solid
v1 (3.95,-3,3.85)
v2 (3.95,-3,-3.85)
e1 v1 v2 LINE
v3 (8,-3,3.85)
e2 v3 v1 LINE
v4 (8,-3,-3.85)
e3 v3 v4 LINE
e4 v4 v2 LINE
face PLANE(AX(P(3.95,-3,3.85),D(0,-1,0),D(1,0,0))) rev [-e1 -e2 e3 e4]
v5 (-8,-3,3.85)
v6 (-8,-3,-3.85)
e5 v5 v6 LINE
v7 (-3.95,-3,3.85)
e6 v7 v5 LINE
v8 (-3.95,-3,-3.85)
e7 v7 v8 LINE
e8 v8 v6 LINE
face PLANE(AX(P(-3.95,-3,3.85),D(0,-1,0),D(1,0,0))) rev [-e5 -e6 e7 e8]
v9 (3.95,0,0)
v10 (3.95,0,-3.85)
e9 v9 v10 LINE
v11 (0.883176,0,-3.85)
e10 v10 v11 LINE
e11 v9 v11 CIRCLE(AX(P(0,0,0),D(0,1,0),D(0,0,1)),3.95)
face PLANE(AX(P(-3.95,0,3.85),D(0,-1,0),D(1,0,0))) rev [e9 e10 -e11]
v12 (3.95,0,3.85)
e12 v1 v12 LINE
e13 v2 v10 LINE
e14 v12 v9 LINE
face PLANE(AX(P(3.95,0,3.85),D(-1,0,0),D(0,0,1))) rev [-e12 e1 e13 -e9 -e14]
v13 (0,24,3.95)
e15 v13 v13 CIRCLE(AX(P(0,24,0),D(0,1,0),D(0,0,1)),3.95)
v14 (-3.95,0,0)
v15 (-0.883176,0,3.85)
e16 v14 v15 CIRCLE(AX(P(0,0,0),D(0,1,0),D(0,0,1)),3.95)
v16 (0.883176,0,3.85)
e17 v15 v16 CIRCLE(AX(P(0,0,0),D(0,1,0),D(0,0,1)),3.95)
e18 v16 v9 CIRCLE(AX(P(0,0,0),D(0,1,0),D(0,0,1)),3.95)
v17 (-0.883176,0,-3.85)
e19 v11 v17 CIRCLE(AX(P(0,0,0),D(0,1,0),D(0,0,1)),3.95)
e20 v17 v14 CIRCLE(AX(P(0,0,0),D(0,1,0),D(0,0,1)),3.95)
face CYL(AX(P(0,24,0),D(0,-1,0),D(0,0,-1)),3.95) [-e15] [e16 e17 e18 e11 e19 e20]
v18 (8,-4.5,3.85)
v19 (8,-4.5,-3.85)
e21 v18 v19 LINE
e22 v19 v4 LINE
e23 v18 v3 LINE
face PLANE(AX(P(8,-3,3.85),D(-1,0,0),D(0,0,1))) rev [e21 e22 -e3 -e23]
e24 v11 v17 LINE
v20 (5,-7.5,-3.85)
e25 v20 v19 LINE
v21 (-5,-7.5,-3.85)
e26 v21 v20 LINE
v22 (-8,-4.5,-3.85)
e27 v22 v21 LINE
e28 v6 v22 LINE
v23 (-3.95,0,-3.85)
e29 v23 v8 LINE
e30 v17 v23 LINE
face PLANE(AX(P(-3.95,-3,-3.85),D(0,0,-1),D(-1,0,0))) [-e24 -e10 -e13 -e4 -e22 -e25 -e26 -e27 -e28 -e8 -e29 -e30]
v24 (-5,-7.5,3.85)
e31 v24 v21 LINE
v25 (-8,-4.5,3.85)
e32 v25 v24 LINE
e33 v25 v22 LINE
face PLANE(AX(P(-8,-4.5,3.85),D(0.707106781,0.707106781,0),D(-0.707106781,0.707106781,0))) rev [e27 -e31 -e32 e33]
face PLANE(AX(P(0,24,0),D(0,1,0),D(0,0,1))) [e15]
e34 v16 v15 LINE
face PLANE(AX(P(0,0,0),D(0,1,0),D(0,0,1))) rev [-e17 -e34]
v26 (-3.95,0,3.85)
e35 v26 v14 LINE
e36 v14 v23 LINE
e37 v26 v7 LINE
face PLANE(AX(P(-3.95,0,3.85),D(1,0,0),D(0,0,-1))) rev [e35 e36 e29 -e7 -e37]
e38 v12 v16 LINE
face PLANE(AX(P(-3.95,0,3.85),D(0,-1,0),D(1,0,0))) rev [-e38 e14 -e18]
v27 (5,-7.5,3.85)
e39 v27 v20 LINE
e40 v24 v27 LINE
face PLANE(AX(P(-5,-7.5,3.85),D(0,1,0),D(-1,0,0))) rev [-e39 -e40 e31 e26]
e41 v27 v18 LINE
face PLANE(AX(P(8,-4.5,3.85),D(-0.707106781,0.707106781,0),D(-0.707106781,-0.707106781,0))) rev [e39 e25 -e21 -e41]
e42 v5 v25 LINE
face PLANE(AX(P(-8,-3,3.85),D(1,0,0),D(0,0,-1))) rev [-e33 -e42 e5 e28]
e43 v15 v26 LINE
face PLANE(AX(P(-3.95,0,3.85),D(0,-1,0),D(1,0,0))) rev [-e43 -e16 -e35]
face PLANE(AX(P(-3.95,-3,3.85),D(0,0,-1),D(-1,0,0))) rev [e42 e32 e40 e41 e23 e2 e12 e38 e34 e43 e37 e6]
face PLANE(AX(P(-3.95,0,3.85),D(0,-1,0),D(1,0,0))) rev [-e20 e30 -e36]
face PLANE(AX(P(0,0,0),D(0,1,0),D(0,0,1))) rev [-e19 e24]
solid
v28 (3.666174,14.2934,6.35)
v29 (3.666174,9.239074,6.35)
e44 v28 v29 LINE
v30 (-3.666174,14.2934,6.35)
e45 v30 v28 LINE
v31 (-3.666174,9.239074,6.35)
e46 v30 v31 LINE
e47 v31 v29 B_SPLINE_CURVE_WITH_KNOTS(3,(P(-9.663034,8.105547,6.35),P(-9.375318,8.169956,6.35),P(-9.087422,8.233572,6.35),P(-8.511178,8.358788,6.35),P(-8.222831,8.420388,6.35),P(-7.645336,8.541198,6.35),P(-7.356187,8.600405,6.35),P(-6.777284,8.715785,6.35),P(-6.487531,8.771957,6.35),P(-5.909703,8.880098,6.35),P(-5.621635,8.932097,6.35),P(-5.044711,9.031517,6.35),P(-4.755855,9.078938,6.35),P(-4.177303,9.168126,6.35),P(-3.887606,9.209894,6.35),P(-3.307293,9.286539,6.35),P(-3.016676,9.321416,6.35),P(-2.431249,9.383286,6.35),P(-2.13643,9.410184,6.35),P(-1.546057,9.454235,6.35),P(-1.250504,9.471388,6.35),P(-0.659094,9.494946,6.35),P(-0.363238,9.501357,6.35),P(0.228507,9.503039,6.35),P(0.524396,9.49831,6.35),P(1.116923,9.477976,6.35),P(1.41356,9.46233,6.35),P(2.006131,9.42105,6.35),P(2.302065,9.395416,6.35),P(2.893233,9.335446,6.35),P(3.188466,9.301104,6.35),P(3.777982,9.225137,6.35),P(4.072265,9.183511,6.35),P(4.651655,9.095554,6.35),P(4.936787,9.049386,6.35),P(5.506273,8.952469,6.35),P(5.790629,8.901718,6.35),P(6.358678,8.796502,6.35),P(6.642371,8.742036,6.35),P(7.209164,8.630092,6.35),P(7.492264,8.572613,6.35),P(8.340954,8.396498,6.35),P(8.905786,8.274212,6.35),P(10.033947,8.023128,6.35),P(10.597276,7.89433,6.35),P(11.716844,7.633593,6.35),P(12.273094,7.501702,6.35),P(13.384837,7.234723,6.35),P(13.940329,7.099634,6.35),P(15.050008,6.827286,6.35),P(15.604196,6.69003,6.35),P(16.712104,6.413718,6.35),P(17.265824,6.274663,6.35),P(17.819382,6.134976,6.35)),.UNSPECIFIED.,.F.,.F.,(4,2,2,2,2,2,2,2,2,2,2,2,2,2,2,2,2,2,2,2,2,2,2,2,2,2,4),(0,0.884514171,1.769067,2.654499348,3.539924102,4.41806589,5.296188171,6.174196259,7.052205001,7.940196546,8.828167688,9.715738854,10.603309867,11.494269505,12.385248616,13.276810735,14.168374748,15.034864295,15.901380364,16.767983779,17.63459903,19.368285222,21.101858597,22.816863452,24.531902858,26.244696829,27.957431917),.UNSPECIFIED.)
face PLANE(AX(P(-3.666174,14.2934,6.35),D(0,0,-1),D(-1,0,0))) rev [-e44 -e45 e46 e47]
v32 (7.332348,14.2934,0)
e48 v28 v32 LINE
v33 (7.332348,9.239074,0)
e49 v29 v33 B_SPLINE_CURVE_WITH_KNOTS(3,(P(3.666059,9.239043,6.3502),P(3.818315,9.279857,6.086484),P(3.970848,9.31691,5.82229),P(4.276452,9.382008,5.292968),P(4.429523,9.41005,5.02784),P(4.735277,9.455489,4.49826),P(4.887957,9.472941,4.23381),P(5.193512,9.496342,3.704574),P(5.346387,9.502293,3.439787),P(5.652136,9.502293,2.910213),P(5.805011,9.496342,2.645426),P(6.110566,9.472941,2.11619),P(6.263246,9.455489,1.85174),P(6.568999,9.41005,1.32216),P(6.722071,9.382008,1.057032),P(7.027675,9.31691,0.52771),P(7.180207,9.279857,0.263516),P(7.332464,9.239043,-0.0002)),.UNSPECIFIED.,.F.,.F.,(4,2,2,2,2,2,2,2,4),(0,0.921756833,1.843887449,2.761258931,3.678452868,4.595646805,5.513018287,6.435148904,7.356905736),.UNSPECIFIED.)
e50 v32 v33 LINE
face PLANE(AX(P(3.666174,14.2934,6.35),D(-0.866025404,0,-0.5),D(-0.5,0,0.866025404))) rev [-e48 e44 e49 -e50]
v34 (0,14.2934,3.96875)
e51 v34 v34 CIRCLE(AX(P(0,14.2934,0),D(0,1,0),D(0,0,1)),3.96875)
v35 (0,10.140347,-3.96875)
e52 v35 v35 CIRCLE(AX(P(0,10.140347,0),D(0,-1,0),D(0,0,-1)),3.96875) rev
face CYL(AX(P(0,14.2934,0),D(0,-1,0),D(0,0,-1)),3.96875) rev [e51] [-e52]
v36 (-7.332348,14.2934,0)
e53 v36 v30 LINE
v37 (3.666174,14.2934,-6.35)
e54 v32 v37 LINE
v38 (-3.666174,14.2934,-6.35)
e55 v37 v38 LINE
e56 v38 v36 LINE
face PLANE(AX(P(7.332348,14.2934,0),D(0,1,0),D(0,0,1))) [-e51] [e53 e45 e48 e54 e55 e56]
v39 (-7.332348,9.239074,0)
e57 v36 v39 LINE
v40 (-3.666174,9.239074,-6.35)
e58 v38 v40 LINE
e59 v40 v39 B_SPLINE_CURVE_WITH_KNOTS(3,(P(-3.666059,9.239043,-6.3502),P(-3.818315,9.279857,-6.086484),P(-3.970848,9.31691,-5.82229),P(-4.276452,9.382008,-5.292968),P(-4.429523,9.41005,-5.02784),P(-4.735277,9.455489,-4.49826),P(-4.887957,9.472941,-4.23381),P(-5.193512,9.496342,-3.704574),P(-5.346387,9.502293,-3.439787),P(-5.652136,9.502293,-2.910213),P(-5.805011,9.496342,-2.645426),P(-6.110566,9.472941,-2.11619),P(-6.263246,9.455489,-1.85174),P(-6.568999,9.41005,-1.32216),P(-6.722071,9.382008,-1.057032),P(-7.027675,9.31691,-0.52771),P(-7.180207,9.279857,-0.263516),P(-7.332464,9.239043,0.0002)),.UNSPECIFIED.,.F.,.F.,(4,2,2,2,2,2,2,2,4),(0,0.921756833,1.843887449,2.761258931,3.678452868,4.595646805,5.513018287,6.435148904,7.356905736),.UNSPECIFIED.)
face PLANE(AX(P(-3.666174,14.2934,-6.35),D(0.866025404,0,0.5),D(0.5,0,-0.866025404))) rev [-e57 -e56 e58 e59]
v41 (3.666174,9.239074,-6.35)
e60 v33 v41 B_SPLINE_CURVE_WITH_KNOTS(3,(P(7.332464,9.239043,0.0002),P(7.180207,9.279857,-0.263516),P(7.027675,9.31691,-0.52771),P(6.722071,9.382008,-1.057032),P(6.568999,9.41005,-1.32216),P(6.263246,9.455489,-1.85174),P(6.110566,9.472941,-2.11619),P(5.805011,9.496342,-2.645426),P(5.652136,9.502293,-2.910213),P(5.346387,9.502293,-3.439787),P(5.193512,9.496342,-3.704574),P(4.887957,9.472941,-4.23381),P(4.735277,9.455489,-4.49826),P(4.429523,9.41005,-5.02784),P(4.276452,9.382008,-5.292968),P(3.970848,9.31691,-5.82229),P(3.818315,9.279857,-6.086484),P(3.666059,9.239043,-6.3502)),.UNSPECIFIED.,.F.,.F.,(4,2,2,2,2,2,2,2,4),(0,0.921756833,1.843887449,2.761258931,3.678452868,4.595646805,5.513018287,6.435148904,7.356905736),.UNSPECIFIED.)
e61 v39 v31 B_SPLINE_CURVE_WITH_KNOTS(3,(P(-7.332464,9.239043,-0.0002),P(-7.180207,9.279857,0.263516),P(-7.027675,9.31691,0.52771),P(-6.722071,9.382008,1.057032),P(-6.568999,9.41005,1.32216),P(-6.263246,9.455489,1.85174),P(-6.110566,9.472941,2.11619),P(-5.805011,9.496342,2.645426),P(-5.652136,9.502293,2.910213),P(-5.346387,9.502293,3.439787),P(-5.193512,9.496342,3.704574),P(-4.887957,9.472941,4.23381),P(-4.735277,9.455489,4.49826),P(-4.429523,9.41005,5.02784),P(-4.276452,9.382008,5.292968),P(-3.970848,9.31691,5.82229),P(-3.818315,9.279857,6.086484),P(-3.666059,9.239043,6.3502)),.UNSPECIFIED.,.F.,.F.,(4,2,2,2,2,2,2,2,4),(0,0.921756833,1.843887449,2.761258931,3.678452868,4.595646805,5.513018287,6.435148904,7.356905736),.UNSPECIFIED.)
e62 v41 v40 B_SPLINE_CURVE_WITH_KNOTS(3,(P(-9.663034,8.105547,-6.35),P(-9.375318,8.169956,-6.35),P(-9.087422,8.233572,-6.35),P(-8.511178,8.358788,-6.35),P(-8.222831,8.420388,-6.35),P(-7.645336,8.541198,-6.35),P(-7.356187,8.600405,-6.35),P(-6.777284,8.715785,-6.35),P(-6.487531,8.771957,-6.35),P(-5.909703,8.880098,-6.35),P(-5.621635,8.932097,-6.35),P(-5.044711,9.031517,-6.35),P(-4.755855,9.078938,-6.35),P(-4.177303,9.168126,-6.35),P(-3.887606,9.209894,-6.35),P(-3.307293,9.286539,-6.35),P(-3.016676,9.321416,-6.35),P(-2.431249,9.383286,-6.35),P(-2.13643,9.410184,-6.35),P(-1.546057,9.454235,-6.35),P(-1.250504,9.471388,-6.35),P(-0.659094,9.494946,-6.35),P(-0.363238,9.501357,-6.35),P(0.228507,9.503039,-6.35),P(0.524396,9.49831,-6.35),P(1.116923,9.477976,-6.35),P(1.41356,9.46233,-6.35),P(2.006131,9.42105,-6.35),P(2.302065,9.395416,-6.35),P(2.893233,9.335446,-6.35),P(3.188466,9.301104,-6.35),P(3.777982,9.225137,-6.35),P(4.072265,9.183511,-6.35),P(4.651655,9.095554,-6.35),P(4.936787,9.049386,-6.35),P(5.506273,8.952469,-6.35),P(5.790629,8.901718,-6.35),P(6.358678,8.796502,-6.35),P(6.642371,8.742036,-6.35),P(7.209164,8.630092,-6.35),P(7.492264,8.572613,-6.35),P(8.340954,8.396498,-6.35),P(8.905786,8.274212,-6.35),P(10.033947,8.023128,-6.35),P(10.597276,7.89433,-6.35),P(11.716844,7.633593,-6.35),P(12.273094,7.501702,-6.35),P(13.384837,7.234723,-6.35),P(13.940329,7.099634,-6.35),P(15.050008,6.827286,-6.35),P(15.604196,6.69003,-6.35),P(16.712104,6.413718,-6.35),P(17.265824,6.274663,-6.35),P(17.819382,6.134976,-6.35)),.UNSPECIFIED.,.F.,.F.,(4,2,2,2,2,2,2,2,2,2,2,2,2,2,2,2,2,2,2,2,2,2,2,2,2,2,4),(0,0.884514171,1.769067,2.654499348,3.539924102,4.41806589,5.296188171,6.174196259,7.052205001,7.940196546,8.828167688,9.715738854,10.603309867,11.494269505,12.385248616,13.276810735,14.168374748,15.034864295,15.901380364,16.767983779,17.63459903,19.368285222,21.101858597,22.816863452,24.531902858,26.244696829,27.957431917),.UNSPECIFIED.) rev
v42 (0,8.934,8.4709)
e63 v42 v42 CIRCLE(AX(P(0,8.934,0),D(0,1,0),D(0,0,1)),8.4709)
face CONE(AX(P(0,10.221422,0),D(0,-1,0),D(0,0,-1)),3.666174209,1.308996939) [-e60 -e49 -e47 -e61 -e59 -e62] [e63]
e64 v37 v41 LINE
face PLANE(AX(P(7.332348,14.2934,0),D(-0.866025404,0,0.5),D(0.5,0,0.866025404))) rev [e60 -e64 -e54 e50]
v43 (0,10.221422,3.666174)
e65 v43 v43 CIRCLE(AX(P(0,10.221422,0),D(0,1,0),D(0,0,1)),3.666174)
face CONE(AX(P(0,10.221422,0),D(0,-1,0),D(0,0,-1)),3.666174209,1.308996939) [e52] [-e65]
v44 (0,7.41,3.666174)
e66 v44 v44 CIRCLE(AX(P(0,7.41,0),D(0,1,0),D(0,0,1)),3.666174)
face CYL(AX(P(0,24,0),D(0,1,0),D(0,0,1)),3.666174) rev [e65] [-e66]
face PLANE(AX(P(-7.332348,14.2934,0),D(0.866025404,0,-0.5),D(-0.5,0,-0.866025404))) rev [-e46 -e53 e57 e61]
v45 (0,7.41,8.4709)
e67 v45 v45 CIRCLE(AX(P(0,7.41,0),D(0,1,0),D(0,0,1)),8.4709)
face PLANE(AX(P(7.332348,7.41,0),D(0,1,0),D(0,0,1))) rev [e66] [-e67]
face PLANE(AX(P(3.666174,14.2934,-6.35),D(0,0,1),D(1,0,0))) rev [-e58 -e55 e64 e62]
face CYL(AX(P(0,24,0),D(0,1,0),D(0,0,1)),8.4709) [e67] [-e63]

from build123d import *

# Parameters (mm, degrees)
SKETCH1_R           = 3.95
BOSS_EXTRUDE1_DEPTH = 24
BOSS_EXTRUDE2_DEPTH = 3.85
BOSS_EXTRUDE3_START = 7.41
SKETCH8_R           = 3.96875
BOSS_EXTRUDE3_DEPTH = 6.8834


with BuildPart() as part:
    # Sketch1 → Boss-Extrude1 (new body)
    with BuildSketch(Plane(origin=(0, 0, 0), x_dir=(1, 0, 0), z_dir=(0, 1, 0))):
        with Locations(Location((0, 0, 0), (0, 0, 270))):
            Circle(SKETCH1_R)
    extrude(amount=BOSS_EXTRUDE1_DEPTH)

    # Sketch5 → Boss-Extrude2 (add, symmetric)
    with BuildSketch(Plane.XY):
        Polygon((-3.949999974, 0), (3.949999974, 0), (3.949999974, -3), (8, -3), (8, -4.5), (5, -7.5), (-5, -7.5), (-8, -4.5), (-8, -3), (-3.949999974, -3), align=None)
    extrude(amount=BOSS_EXTRUDE2_DEPTH, both=True)


with BuildPart() as body_2:
    # Sketch8 → Boss-Extrude3 (new body)
    with BuildSketch(Plane(origin=(0, 0, 0), x_dir=(1, 0, 0), z_dir=(0, 1, 0)).offset(BOSS_EXTRUDE3_START)):
        Polygon((7.332348419, 0), (3.666174209, 6.35), (-3.666174209, 6.35), (-7.332348419, 0), (-3.666174209, -6.35), (3.666174209, -6.35), align=None)
        with Locations(Location((0, 0, 0), (0, 0, 270))):
            Circle(SKETCH8_R, mode=Mode.SUBTRACT)
    extrude(amount=BOSS_EXTRUDE3_DEPTH)

    # Sketch10 → Revolve1 (revolve)
    with BuildSketch(Plane.XY, mode=Mode.PRIVATE) as revolve1_sk:
        Polygon((-3.666174209, 7.41), (-8.4709, 7.41), (-8.4709, 8.934), (-3.666174209, 10.221422395), align=None)
    revolve(revolve1_sk.sketch.rotate(Axis((0, 24, 0), (0, -1, 0)), 60.00000001), axis=Axis((0, 24, 0), (0, -1, 0)))


solid = Compound([part.part, body_2.part])
